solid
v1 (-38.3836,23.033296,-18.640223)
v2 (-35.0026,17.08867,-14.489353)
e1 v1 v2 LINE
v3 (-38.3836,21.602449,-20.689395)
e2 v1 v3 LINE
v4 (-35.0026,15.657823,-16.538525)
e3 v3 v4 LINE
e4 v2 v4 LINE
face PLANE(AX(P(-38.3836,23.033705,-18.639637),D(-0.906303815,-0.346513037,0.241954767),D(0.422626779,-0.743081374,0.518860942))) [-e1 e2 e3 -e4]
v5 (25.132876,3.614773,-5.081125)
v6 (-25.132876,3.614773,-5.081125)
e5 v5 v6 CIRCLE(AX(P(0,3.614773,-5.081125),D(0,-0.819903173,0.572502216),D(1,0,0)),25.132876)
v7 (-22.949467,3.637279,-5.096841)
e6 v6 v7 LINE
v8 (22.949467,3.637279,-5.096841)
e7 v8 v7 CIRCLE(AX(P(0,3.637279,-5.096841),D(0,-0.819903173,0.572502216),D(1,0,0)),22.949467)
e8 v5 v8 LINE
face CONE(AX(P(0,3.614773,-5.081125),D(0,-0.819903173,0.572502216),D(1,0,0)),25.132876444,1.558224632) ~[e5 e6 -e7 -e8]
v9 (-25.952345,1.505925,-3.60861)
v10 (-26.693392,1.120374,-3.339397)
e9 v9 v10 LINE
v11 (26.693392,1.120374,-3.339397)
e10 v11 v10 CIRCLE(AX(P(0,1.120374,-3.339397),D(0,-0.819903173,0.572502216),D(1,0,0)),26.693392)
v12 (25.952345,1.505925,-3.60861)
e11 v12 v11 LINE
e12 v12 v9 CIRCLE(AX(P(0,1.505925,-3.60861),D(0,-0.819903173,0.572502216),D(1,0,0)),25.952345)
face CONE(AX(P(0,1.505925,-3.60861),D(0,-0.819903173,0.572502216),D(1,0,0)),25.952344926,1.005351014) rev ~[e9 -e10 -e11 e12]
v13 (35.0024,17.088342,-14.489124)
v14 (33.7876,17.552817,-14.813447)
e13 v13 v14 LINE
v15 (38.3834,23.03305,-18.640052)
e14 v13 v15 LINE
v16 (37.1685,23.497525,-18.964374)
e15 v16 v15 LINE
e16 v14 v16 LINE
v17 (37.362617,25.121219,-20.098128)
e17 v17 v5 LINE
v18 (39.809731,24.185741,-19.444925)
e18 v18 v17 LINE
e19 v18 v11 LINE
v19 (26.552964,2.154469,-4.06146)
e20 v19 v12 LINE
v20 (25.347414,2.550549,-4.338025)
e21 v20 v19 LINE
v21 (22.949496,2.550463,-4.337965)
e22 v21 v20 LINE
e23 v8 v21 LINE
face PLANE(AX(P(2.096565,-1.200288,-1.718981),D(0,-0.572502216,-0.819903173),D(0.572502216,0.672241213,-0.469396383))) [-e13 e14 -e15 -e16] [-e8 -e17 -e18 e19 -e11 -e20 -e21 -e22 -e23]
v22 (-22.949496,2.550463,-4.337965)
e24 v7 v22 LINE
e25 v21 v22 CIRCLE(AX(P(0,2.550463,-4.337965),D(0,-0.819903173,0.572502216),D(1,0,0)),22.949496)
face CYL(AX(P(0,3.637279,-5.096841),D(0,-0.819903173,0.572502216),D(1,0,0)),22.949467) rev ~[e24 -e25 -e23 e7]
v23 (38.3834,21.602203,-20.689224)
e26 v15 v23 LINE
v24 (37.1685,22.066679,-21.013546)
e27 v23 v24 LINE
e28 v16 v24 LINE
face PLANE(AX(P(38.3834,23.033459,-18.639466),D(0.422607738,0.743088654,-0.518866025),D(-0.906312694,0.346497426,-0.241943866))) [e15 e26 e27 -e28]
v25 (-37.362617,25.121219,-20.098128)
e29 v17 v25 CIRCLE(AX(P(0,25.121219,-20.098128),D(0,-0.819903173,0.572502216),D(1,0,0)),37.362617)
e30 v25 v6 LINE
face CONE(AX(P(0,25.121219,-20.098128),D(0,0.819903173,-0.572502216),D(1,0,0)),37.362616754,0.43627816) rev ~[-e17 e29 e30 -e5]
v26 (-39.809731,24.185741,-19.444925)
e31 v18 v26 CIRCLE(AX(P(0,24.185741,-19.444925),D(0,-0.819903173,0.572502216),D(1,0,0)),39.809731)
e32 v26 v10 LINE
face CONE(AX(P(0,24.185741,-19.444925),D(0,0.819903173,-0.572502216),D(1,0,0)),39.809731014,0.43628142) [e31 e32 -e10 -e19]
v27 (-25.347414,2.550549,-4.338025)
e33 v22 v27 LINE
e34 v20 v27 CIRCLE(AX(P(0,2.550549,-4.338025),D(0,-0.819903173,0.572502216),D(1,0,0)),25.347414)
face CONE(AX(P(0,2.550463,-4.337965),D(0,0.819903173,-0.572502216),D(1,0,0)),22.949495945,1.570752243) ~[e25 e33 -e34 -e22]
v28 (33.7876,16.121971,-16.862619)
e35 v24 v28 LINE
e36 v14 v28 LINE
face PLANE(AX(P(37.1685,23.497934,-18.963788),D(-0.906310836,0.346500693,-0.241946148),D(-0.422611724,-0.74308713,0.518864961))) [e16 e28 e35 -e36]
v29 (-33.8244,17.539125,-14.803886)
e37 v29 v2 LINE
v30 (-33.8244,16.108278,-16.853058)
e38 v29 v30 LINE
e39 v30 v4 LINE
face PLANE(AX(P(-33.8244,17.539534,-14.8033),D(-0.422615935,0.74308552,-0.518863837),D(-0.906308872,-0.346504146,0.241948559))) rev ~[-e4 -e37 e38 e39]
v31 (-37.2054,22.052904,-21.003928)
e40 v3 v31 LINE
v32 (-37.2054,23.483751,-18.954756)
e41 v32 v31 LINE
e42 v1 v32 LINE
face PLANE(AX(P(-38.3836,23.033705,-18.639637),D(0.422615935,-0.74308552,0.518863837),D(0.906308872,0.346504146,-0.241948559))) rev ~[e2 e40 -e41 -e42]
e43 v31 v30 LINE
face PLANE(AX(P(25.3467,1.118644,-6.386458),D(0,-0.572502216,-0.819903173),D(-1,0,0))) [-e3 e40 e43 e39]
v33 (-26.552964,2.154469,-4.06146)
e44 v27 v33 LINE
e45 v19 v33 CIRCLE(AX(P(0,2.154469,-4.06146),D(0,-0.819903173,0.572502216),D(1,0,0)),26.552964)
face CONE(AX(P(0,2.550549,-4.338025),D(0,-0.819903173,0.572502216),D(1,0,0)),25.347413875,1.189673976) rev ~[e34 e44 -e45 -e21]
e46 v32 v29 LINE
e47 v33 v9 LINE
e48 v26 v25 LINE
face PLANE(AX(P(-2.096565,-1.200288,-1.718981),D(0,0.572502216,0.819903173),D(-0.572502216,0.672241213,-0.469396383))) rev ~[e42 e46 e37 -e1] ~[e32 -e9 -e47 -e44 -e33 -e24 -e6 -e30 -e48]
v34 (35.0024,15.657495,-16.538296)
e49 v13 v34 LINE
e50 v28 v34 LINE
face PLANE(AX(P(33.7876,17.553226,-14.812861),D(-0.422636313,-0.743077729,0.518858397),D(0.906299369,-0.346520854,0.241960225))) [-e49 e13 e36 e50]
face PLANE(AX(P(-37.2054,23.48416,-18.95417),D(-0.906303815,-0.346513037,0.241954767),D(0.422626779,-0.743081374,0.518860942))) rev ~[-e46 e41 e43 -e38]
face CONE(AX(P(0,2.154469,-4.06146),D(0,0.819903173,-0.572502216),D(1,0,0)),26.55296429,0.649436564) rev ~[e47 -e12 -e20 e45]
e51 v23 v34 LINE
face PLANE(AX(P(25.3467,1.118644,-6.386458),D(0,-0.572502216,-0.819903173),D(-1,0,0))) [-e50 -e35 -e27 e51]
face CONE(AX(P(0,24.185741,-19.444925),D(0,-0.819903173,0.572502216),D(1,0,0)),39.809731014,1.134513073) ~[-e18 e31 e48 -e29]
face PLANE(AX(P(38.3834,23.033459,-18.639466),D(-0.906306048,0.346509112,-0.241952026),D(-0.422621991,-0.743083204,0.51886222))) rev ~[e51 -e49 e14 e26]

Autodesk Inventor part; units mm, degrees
ref_plane "YZ Plane" through (0, 0, 0) normal (1, 0, 0) x (0, 1, 0)
ref_plane "XZ Plane" through (0, 0, 0) normal (0, 1, 0) x (-1, 0, 0)
ref_plane "XY Plane" through (0, 0, 0) normal (0, 0, 1) x (1, 0, 0)
sketch "Sketch68" plane through (0, 0, 0) normal (1, 0, 0) x (0, 1, 0)
  line L0 (1, 4.6737) -> (23, 4.6737) construction
  line L1 (7.0021, -2.9903) -> (-7.0029, -0.0135)
  line L2 (7.2385, 26.8729) -> (5.7713, 27.1847)
  line L3 (2.4565, 4.3755) -> (1, 4.6737)
  line L4 (5.7713, 27.1847) -> (1, 4.6737)
  line L5 (7.2385, 26.8729) -> (2.4565, 4.3755)
  point P0 (0, 0)
  point P1 (2.225, 5.1772)
sketch "Sketch184" plane through (0, 0, 0) normal (1, 0, 0) x (0, 1, 0)
  arc A0 (-3.5, -3.0972) -> (0, -1.6204) centre (-4.281, 3.6397) ccw
  arc A1 (0, -1.6204) -> (2.2822, 2) centre (-4.3557, 3.6547) ccw
  arc A2 (2.2822, 2) -> (2.459, 4.3851) centre (-8.8285, 4.0231) ccw
  arc A3 (2.459, 4.3851) -> (2.3883, 6) centre (-72.7121, 1.9029) ccw
  line L0 (-3.5, -3.0972) -> (-3.5, -3.6807) projected
  arc A4 (2.3883, 6) -> (-3.5, -3.0972) centre (8.6947, -4.5362) ccw
  point P0 (0, 0)
sketch "Sketch213" plane through (0, 0, 0) normal (1, 0, 0) x (0, 1, 0)
  line L0 (13.3414, -11.8728) -> (-10.8201, 5)
  line L1 (46.9769, 13.1952) -> (16.4024, 18.5466)
  line L2 (-14, -25) -> (0.7357, -50.4491)
  line L3 (0.7357, -50.4491) -> (1.9473, -49.7476)
  line L4 (1.9473, -49.7476) -> (-11.7207, -26.1425)
  line L5 (-11.7207, -26.1425) -> (-10, -24)
  line L6 (-10, -24) -> (-10.853, -23.4043)
  line L7 (-10.853, -23.4043) -> (-11.992, -25.0353)
  line L8 (-11.992, -25.0353) -> (-13.0313, -25.7169)
  line L9 (-13.0313, -25.7169) -> (-11.992, -25.0353) projected
  line L10 (-13.0313, -25.7169) -> (-12.7653, -23.856)
  line L11 (-12.7653, -23.856) -> (-14, -25)
  line L12 (46.5114, 10.5356) -> (18.0034, 15.5254)
  line L13 (18.0034, 15.5254) -> (16.7759, 13.7195)
  line L14 (16.7759, 13.7195) -> (15.6891, 14.4784)
  line L15 (-11.992, -25.0353) -> (16.9748, 16.4444) projected
  line L16 (15.6891, 14.4784) -> (17.062, 16.4444)
  line L17 (17.062, 16.4444) -> (17.3561, 17.7094)
  line L18 (17.3561, 17.7094) -> (16.3637, 17.6698)
  line L19 (16.3637, 17.6698) -> (16.4024, 18.5466)
  line L20 (46.9769, 13.1952) -> (46.5114, 10.5356)
  point P0 (0, 0)
  point P1 (3.3399, -2.2736)
  point P2 (-1.2043, -8.7808)
  dimension "d600" = 1.4
  dimension "d601" = 2.7
  dimension "d603" = 1.265
revolve "Revolution5" add sketch "Sketch213" angle 180 mid plane about axis through (0, 13.3414, -11.8728) along (0, -0.8199, 0.5725) contours L20 L12 L13 L14 L16 L17 L18 L19 L1
sketch "Sketch214" plane through (25.3467, 2.5499, -4.3367) normal (0, -0.5725, -0.8199) x (-1, 0, 0)
  line L0 (-13.0367, 24.9829) -> (-11.8218, 25.5494)
  line L1 (-12.0166, 27.5278) -> (-14.4637, 26.3867) projected
  line L2 (-13.0367, 24.9829) -> (-9.6557, 17.7324)
  line L3 (-11.8218, 25.5494) -> (-8.4409, 18.2989)
  line L4 (-8.4409, 18.2989) -> (-9.6557, 17.7324)
  line L5 (-14.4637, 26.3867) -> (-1.3459, -1.7444) projected
  line L6 (69, 30) -> (69, 11.3718) construction
  line L7 (62.5521, 25.5326) -> (59.1711, 18.2822)
  line L8 (63.7303, 24.9832) -> (62.5521, 25.5326)
  line L9 (63.7303, 24.9832) -> (60.3493, 17.7328)
  line L10 (59.1711, 18.2822) -> (60.3493, 17.7328)
  line L11 (65.1571, 26.3867) -> (62.7101, 27.5278) projected
  line L12 (62.7101, 27.5278) -> (50.4789, 1.298) projected
  line L13 (52.0393, -1.7444) -> (65.1571, 26.3867) projected
  point P0 (25.3467, -4.5735)
  dimension "d606" = 0
  dimension "d612" = 1.875
  dimension "d613" = 8
  dimension "d614" = 0.7
  dimension "d615" = 0.7
extrude "Extrusion162" add sketch "Sketch214" along normal blind 2.5
properties part number "A1_V1_M2_dropArm_WOK_meso_tall_VIS_rt._FIXED"
